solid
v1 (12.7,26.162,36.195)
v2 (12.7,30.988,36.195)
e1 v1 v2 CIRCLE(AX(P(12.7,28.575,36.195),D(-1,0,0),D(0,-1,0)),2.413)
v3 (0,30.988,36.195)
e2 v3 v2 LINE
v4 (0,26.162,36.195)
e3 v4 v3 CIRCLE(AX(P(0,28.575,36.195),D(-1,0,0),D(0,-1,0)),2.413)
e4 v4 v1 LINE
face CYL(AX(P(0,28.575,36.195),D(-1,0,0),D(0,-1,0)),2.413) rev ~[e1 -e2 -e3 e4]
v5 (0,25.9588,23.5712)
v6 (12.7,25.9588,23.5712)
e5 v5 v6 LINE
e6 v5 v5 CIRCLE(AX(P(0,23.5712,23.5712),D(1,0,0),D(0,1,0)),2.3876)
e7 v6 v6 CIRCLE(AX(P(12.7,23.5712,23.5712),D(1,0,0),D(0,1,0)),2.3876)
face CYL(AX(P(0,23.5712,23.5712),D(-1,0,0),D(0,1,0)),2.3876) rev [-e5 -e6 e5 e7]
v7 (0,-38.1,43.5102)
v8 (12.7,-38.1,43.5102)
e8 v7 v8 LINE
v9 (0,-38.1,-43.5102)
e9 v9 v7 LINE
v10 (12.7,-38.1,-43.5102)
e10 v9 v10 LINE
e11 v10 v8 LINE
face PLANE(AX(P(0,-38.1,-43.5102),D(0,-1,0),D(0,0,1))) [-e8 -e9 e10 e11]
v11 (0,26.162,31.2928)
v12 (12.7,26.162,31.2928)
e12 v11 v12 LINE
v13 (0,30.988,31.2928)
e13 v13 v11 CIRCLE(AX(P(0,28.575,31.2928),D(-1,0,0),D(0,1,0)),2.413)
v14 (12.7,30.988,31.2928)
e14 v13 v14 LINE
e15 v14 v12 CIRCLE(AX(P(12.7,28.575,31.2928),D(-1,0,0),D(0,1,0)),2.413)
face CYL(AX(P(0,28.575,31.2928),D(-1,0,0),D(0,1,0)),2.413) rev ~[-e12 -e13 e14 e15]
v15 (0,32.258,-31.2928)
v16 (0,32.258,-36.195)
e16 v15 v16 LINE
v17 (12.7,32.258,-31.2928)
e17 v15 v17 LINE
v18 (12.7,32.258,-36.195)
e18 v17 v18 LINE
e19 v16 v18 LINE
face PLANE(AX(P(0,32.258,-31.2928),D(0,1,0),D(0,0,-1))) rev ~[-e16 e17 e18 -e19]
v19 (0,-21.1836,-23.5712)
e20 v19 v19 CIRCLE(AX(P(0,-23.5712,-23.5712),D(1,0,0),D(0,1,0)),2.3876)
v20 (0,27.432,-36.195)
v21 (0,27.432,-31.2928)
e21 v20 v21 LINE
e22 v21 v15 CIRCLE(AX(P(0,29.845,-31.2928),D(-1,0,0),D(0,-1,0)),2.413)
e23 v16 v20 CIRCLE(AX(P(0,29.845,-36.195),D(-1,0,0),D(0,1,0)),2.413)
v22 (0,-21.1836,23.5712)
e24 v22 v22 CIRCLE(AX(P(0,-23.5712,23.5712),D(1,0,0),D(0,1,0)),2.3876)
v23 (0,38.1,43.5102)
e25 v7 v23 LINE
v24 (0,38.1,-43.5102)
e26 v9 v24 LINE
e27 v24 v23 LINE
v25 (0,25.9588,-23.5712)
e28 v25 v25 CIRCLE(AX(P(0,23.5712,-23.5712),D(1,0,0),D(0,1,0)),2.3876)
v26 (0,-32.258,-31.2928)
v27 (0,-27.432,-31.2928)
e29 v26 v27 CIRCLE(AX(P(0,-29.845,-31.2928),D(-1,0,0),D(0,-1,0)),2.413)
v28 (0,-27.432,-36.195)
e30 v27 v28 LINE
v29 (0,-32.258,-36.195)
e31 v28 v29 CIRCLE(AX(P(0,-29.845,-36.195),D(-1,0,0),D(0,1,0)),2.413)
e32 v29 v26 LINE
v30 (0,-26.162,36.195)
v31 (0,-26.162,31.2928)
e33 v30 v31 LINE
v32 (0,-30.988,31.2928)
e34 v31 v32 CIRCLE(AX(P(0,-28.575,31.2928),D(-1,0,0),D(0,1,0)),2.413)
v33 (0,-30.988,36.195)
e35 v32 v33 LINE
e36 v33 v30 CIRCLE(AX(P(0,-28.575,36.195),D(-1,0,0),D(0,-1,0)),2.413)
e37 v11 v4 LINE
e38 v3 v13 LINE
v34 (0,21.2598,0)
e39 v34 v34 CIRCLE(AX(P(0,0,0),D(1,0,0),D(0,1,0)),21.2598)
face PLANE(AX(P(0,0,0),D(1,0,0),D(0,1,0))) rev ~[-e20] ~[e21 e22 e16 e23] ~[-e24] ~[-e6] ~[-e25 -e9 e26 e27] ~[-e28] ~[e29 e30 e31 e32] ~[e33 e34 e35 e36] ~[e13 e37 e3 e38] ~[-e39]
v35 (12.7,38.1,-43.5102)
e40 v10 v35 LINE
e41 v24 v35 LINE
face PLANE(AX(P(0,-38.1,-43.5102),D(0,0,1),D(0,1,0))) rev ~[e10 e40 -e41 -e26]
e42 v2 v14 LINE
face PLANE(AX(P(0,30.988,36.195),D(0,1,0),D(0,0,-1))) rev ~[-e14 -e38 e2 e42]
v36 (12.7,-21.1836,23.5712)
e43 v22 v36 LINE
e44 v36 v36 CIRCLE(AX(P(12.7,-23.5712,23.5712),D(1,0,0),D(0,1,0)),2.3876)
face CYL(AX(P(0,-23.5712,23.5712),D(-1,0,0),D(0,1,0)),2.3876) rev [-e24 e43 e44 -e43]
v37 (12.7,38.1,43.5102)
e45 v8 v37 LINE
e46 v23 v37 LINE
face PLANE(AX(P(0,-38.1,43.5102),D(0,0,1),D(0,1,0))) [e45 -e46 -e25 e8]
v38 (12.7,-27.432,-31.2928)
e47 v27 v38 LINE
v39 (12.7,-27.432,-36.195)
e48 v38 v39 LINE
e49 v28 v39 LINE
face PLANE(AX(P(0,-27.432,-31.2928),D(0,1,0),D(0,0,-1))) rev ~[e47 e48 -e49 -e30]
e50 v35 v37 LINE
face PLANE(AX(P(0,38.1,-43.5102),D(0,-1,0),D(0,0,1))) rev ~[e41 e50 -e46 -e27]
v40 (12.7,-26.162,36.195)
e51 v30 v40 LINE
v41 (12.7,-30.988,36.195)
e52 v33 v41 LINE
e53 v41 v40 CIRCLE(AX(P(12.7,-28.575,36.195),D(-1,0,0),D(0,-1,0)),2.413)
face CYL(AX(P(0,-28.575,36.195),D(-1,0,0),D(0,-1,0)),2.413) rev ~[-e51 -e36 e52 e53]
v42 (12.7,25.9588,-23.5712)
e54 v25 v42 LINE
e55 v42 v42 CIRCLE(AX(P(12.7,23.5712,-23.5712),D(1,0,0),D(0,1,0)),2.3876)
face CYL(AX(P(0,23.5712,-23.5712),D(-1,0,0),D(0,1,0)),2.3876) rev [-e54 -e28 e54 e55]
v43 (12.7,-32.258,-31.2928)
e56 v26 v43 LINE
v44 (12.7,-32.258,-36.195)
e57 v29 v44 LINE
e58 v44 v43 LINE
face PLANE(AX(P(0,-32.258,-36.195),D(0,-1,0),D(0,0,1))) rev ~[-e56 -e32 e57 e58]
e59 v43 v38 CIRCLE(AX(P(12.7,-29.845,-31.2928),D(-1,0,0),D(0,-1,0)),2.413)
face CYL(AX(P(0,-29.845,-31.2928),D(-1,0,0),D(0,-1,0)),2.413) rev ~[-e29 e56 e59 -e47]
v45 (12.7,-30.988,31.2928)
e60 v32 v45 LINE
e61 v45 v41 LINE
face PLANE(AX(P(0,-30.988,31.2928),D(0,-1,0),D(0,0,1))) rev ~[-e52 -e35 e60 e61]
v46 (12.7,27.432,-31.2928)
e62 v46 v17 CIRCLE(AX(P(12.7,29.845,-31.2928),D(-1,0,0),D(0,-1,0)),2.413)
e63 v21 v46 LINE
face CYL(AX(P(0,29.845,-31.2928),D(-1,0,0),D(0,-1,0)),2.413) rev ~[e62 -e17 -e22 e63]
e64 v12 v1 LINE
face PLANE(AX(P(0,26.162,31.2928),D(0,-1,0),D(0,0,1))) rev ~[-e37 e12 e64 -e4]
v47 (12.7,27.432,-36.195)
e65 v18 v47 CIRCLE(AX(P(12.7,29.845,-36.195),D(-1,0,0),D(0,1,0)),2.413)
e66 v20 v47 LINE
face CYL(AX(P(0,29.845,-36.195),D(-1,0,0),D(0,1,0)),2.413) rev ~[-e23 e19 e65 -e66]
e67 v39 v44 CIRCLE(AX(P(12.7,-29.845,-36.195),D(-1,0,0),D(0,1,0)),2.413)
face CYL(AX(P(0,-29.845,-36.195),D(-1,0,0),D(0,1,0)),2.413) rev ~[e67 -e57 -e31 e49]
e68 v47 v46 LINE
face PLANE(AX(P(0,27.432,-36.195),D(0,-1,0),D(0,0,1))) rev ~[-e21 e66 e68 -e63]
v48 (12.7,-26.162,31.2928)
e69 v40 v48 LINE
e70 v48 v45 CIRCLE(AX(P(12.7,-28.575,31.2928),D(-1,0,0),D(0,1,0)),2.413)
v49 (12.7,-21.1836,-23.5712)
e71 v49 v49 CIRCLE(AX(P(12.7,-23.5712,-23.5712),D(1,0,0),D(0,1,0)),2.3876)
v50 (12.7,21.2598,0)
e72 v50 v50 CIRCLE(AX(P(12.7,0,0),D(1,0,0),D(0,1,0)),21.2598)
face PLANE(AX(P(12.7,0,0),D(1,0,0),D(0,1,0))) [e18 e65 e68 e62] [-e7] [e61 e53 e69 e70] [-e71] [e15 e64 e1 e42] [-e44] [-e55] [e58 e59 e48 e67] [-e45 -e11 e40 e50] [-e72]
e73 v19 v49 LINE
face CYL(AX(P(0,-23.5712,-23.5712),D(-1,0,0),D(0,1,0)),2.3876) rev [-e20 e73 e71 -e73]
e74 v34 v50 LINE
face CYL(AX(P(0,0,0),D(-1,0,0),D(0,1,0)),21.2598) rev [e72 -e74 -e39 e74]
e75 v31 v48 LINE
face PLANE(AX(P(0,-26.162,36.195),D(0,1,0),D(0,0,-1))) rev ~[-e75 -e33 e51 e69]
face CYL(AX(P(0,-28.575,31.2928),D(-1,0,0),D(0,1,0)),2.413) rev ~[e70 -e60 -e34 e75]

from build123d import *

# Parameters (mm, degrees)
F0_W     = 76.2
F0_H     = 87.0204
F0_R     = 2.3876
F0_R_2   = 21.2598
F1_DEPTH = 12.7


with BuildPart() as f1:
    # F0 (on Right) → F1 (new body)
    with BuildSketch(Plane.YZ):
        Rectangle(F0_W, F0_H)
        with BuildLine():
            ThreePointArc((-32.258, -31.2928), (-29.845, -28.8798), (-27.432, -31.2928))
            Line((-27.432, -31.2928), (-27.432, -36.195))
            ThreePointArc((-27.432, -36.195), (-29.845, -38.608), (-32.258, -36.195))
            Line((-32.258, -36.195), (-32.258, -31.2928))
        make_face(mode=Mode.SUBTRACT)
        with Locations((-23.5712, -23.5712)):
            Circle(F0_R, mode=Mode.SUBTRACT)
        with BuildLine():
            ThreePointArc((32.258, -36.195), (29.845, -38.608), (27.432, -36.195))
            Line((27.432, -36.195), (27.432, -31.2928))
            ThreePointArc((27.432, -31.2928), (29.845, -28.8798), (32.258, -31.2928))
            Line((32.258, -31.2928), (32.258, -36.195))
        make_face(mode=Mode.SUBTRACT)
        with Locations((23.5712, -23.5712)):
            Circle(F0_R, mode=Mode.SUBTRACT)
        with Locations((-23.5712, 23.5712)):
            Circle(F0_R, mode=Mode.SUBTRACT)
        with BuildLine():
            ThreePointArc((-30.988, 36.195), (-28.575, 38.608), (-26.162, 36.195))
            Line((-26.162, 36.195), (-26.162, 31.2928))
            ThreePointArc((-26.162, 31.2928), (-28.575, 28.8798), (-30.988, 31.2928))
            Line((-30.988, 31.2928), (-30.988, 36.195))
        make_face(mode=Mode.SUBTRACT)
        Circle(F0_R_2, mode=Mode.SUBTRACT)
        with Locations((23.5712, 23.5712)):
            Circle(F0_R, mode=Mode.SUBTRACT)
        with BuildLine():
            ThreePointArc((26.162, 36.195), (28.575, 38.608), (30.988, 36.195))
            Line((30.988, 36.195), (30.988, 31.2928))
            ThreePointArc((30.988, 31.2928), (28.575, 28.8798), (26.162, 31.2928))
            Line((26.162, 31.2928), (26.162, 36.195))
        make_face(mode=Mode.SUBTRACT)
    extrude(amount=F1_DEPTH)


solid = f1.part
